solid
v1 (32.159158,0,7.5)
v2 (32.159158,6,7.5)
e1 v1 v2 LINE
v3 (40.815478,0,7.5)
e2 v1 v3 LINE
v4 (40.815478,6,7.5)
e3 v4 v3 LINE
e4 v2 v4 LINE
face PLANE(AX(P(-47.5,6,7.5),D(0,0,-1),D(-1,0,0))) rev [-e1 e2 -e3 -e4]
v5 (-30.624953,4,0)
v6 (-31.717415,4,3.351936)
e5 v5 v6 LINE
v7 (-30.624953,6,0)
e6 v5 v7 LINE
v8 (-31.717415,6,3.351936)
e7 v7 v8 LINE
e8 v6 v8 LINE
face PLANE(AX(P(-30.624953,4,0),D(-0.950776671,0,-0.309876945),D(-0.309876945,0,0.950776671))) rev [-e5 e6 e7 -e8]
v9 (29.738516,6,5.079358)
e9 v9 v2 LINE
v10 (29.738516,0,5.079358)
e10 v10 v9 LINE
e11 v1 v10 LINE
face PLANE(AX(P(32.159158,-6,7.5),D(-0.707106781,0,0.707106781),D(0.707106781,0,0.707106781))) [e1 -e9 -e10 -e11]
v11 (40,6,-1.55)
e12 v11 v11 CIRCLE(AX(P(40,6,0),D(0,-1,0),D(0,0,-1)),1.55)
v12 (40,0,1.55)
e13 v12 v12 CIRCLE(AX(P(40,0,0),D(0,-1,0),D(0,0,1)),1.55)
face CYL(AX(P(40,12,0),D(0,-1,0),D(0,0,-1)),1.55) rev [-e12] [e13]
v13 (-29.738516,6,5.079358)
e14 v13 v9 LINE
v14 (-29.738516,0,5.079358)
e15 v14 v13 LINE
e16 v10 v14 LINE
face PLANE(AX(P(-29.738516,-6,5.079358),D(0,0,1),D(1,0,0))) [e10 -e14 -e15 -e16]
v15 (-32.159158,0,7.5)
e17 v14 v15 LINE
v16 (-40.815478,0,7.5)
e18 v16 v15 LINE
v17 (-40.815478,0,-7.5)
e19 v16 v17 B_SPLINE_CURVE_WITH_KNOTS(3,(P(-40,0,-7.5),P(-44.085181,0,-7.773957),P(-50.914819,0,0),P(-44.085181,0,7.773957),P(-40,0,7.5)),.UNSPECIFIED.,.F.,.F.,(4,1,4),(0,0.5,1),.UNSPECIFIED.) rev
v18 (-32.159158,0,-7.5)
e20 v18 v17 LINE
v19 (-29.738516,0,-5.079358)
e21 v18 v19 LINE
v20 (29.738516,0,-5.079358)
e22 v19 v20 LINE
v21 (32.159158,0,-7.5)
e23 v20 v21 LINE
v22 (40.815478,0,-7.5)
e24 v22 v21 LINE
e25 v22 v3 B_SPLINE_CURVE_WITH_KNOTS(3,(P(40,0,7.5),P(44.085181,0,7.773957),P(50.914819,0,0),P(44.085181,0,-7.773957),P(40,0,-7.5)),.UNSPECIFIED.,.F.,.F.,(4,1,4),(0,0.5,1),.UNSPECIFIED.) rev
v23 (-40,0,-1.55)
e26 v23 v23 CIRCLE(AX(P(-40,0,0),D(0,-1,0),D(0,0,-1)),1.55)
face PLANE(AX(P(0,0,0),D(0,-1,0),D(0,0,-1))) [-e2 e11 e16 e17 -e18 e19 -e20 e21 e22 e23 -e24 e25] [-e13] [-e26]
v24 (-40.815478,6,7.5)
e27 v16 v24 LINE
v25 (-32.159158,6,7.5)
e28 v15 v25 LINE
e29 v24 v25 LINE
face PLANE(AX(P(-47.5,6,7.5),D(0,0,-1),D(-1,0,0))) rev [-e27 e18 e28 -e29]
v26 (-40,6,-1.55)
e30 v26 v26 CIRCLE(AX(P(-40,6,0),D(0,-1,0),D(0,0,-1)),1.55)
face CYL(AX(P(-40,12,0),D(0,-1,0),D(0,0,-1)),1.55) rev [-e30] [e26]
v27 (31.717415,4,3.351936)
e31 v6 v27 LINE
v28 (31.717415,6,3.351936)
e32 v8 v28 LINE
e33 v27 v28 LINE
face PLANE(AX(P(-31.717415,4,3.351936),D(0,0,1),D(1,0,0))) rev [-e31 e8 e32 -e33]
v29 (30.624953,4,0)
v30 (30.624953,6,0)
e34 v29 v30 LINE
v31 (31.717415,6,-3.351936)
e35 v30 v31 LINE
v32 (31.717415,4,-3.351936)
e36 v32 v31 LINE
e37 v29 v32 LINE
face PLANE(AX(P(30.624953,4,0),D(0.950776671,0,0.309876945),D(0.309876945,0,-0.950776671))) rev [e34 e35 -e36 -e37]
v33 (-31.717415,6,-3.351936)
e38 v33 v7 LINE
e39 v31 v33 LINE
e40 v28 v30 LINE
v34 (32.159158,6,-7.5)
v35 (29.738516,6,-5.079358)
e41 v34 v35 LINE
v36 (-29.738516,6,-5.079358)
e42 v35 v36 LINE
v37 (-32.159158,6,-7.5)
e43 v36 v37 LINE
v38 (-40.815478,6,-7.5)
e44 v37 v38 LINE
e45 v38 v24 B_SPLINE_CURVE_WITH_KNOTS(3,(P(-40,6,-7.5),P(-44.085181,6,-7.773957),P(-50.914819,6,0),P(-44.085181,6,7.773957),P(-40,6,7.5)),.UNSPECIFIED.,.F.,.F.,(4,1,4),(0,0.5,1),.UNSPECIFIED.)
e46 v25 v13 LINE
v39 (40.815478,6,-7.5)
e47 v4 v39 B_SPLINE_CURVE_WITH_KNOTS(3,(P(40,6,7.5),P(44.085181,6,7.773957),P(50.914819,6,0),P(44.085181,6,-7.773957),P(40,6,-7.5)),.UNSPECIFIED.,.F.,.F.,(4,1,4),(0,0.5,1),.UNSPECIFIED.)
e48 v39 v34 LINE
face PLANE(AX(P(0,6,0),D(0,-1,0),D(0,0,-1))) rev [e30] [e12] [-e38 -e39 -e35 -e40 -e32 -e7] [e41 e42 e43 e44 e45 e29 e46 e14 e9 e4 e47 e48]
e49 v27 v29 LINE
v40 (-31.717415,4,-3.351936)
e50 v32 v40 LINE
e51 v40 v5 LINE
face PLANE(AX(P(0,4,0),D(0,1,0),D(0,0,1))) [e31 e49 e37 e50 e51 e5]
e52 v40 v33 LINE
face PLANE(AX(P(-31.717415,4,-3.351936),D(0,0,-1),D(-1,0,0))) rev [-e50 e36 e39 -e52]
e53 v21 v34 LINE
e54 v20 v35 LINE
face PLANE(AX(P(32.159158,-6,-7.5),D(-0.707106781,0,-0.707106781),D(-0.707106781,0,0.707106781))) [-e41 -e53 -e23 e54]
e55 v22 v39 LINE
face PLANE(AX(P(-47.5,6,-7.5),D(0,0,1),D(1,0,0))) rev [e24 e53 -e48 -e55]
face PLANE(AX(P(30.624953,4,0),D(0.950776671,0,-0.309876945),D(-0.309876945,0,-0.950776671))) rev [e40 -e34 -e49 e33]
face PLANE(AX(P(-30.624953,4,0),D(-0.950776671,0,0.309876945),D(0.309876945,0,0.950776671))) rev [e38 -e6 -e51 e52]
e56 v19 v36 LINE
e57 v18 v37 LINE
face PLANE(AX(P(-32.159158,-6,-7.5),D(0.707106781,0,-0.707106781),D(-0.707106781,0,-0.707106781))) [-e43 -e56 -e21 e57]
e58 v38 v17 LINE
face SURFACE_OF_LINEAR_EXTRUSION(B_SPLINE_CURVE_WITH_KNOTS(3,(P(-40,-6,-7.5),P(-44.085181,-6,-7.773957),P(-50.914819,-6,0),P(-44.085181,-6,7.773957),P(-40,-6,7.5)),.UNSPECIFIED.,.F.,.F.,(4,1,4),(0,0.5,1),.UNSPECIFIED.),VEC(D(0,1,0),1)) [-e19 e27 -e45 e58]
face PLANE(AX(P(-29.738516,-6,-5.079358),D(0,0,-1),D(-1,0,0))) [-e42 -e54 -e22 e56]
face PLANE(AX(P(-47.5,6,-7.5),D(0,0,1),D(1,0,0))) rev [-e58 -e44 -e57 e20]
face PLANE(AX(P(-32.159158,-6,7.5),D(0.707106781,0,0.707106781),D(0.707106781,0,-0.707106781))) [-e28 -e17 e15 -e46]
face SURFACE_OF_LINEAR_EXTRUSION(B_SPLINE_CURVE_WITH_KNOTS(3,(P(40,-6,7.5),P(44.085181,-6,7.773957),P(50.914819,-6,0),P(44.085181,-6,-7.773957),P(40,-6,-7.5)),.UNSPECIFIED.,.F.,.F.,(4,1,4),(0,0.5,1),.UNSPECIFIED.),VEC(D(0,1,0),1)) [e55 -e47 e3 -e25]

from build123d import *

# Parameters (mm, degrees)
ESQUISSE1_W             = 95
ESQUISSE1_H             = 15
BOSS_EXTRU_1_DEPTH      = 6
ESQUISSE4_W             = 110.64112288
ESQUISSE4_H             = 30
ENL_V_MAT_EXTRU_1_DEPTH = 12
ESQUISSE3_R             = 1.55
ENL_V_MAT_EXTRU_2_DEPTH = 12
ENL_V_MAT_EXTRU_3_DEPTH = 2


with BuildPart() as part:
    # Esquisse1 → Boss.-Extru.1 (new body)
    with BuildSketch(Plane(origin=(0, 0, 0), x_dir=(1, 0, 0), z_dir=(0, 1, 0))):
        Rectangle(ESQUISSE1_W, ESQUISSE1_H)
    extrude(amount=BOSS_EXTRU_1_DEPTH)

    # Esquisse4 → Enlèv. mat.-Extru.1 (cut)
    with BuildSketch(Plane(origin=(0, 6, 0), x_dir=(1, 0, 0), z_dir=(0, 1, 0))):
        Rectangle(ESQUISSE4_W, ESQUISSE4_H)
        with BuildLine():
            Line((-32.159158072, 7.5), (-29.738516234, 5.079358161))
            Line((-29.738516234, 5.079358161), (29.738516234, 5.079358161))
            Line((29.738516234, 5.079358161), (32.159158072, 7.5))
            Line((32.159158072, 7.5), (40, 7.5))
            add(Edge.make_bspline(
                [(40, 7.5), (44.08518124, 7.773957054), (50.914818759, -1e-09), (44.085181242, -7.773957053), (40, -7.5)],
                knots=[0, 0, 0, 0, 0.5, 1, 1, 1, 1], degree=3))
            Line((40, -7.5), (32.159158072, -7.5))
            Line((32.159158072, -7.5), (29.738516234, -5.079358161))
            Line((29.738516234, -5.079358161), (-29.738516234, -5.079358161))
            Line((-29.738516234, -5.079358161), (-32.159158072, -7.5))
            Line((-32.159158072, -7.5), (-40, -7.5))
            add(Edge.make_bspline(
                [(-40, 7.5), (-44.08518124, 7.773957054), (-50.914818759, -1e-09), (-44.085181242, -7.773957053), (-40, -7.5)],
                knots=[0, 0, 0, 0, 0.5, 1, 1, 1, 1], degree=3))
            Line((-40, 7.5), (-32.159158072, 7.5))
        make_face(mode=Mode.SUBTRACT)
    extrude(amount=-ENL_V_MAT_EXTRU_1_DEPTH, mode=Mode.SUBTRACT)

    # Esquisse3 → Enlèv. mat.-Extru.2 (cut)
    with BuildSketch(Plane.XZ):
        with Locations(Location((-40, 0, 0), (0, 0, 270))):
            Circle(ESQUISSE3_R)
        with Locations(Location((40, 0, 0), (0, 0, 270))):
            Circle(ESQUISSE3_R)
    extrude(amount=-ENL_V_MAT_EXTRU_2_DEPTH, mode=Mode.SUBTRACT)

    # Esquisse5 → Enlèv. mat.-Extru.3 (cut)
    with BuildSketch(Plane(origin=(0, 6, 0), x_dir=(1, 0, 0), z_dir=(0, 1, 0))):
        Polygon((-30.624952607, 0), (-31.717415088, 3.351936497), (31.717415088, 3.351936497), (30.624952607, 0), (31.717415088, -3.351936497), (-31.717415088, -3.351936497), align=None)
    extrude(amount=-ENL_V_MAT_EXTRU_3_DEPTH, mode=Mode.SUBTRACT)


solid = part.part
